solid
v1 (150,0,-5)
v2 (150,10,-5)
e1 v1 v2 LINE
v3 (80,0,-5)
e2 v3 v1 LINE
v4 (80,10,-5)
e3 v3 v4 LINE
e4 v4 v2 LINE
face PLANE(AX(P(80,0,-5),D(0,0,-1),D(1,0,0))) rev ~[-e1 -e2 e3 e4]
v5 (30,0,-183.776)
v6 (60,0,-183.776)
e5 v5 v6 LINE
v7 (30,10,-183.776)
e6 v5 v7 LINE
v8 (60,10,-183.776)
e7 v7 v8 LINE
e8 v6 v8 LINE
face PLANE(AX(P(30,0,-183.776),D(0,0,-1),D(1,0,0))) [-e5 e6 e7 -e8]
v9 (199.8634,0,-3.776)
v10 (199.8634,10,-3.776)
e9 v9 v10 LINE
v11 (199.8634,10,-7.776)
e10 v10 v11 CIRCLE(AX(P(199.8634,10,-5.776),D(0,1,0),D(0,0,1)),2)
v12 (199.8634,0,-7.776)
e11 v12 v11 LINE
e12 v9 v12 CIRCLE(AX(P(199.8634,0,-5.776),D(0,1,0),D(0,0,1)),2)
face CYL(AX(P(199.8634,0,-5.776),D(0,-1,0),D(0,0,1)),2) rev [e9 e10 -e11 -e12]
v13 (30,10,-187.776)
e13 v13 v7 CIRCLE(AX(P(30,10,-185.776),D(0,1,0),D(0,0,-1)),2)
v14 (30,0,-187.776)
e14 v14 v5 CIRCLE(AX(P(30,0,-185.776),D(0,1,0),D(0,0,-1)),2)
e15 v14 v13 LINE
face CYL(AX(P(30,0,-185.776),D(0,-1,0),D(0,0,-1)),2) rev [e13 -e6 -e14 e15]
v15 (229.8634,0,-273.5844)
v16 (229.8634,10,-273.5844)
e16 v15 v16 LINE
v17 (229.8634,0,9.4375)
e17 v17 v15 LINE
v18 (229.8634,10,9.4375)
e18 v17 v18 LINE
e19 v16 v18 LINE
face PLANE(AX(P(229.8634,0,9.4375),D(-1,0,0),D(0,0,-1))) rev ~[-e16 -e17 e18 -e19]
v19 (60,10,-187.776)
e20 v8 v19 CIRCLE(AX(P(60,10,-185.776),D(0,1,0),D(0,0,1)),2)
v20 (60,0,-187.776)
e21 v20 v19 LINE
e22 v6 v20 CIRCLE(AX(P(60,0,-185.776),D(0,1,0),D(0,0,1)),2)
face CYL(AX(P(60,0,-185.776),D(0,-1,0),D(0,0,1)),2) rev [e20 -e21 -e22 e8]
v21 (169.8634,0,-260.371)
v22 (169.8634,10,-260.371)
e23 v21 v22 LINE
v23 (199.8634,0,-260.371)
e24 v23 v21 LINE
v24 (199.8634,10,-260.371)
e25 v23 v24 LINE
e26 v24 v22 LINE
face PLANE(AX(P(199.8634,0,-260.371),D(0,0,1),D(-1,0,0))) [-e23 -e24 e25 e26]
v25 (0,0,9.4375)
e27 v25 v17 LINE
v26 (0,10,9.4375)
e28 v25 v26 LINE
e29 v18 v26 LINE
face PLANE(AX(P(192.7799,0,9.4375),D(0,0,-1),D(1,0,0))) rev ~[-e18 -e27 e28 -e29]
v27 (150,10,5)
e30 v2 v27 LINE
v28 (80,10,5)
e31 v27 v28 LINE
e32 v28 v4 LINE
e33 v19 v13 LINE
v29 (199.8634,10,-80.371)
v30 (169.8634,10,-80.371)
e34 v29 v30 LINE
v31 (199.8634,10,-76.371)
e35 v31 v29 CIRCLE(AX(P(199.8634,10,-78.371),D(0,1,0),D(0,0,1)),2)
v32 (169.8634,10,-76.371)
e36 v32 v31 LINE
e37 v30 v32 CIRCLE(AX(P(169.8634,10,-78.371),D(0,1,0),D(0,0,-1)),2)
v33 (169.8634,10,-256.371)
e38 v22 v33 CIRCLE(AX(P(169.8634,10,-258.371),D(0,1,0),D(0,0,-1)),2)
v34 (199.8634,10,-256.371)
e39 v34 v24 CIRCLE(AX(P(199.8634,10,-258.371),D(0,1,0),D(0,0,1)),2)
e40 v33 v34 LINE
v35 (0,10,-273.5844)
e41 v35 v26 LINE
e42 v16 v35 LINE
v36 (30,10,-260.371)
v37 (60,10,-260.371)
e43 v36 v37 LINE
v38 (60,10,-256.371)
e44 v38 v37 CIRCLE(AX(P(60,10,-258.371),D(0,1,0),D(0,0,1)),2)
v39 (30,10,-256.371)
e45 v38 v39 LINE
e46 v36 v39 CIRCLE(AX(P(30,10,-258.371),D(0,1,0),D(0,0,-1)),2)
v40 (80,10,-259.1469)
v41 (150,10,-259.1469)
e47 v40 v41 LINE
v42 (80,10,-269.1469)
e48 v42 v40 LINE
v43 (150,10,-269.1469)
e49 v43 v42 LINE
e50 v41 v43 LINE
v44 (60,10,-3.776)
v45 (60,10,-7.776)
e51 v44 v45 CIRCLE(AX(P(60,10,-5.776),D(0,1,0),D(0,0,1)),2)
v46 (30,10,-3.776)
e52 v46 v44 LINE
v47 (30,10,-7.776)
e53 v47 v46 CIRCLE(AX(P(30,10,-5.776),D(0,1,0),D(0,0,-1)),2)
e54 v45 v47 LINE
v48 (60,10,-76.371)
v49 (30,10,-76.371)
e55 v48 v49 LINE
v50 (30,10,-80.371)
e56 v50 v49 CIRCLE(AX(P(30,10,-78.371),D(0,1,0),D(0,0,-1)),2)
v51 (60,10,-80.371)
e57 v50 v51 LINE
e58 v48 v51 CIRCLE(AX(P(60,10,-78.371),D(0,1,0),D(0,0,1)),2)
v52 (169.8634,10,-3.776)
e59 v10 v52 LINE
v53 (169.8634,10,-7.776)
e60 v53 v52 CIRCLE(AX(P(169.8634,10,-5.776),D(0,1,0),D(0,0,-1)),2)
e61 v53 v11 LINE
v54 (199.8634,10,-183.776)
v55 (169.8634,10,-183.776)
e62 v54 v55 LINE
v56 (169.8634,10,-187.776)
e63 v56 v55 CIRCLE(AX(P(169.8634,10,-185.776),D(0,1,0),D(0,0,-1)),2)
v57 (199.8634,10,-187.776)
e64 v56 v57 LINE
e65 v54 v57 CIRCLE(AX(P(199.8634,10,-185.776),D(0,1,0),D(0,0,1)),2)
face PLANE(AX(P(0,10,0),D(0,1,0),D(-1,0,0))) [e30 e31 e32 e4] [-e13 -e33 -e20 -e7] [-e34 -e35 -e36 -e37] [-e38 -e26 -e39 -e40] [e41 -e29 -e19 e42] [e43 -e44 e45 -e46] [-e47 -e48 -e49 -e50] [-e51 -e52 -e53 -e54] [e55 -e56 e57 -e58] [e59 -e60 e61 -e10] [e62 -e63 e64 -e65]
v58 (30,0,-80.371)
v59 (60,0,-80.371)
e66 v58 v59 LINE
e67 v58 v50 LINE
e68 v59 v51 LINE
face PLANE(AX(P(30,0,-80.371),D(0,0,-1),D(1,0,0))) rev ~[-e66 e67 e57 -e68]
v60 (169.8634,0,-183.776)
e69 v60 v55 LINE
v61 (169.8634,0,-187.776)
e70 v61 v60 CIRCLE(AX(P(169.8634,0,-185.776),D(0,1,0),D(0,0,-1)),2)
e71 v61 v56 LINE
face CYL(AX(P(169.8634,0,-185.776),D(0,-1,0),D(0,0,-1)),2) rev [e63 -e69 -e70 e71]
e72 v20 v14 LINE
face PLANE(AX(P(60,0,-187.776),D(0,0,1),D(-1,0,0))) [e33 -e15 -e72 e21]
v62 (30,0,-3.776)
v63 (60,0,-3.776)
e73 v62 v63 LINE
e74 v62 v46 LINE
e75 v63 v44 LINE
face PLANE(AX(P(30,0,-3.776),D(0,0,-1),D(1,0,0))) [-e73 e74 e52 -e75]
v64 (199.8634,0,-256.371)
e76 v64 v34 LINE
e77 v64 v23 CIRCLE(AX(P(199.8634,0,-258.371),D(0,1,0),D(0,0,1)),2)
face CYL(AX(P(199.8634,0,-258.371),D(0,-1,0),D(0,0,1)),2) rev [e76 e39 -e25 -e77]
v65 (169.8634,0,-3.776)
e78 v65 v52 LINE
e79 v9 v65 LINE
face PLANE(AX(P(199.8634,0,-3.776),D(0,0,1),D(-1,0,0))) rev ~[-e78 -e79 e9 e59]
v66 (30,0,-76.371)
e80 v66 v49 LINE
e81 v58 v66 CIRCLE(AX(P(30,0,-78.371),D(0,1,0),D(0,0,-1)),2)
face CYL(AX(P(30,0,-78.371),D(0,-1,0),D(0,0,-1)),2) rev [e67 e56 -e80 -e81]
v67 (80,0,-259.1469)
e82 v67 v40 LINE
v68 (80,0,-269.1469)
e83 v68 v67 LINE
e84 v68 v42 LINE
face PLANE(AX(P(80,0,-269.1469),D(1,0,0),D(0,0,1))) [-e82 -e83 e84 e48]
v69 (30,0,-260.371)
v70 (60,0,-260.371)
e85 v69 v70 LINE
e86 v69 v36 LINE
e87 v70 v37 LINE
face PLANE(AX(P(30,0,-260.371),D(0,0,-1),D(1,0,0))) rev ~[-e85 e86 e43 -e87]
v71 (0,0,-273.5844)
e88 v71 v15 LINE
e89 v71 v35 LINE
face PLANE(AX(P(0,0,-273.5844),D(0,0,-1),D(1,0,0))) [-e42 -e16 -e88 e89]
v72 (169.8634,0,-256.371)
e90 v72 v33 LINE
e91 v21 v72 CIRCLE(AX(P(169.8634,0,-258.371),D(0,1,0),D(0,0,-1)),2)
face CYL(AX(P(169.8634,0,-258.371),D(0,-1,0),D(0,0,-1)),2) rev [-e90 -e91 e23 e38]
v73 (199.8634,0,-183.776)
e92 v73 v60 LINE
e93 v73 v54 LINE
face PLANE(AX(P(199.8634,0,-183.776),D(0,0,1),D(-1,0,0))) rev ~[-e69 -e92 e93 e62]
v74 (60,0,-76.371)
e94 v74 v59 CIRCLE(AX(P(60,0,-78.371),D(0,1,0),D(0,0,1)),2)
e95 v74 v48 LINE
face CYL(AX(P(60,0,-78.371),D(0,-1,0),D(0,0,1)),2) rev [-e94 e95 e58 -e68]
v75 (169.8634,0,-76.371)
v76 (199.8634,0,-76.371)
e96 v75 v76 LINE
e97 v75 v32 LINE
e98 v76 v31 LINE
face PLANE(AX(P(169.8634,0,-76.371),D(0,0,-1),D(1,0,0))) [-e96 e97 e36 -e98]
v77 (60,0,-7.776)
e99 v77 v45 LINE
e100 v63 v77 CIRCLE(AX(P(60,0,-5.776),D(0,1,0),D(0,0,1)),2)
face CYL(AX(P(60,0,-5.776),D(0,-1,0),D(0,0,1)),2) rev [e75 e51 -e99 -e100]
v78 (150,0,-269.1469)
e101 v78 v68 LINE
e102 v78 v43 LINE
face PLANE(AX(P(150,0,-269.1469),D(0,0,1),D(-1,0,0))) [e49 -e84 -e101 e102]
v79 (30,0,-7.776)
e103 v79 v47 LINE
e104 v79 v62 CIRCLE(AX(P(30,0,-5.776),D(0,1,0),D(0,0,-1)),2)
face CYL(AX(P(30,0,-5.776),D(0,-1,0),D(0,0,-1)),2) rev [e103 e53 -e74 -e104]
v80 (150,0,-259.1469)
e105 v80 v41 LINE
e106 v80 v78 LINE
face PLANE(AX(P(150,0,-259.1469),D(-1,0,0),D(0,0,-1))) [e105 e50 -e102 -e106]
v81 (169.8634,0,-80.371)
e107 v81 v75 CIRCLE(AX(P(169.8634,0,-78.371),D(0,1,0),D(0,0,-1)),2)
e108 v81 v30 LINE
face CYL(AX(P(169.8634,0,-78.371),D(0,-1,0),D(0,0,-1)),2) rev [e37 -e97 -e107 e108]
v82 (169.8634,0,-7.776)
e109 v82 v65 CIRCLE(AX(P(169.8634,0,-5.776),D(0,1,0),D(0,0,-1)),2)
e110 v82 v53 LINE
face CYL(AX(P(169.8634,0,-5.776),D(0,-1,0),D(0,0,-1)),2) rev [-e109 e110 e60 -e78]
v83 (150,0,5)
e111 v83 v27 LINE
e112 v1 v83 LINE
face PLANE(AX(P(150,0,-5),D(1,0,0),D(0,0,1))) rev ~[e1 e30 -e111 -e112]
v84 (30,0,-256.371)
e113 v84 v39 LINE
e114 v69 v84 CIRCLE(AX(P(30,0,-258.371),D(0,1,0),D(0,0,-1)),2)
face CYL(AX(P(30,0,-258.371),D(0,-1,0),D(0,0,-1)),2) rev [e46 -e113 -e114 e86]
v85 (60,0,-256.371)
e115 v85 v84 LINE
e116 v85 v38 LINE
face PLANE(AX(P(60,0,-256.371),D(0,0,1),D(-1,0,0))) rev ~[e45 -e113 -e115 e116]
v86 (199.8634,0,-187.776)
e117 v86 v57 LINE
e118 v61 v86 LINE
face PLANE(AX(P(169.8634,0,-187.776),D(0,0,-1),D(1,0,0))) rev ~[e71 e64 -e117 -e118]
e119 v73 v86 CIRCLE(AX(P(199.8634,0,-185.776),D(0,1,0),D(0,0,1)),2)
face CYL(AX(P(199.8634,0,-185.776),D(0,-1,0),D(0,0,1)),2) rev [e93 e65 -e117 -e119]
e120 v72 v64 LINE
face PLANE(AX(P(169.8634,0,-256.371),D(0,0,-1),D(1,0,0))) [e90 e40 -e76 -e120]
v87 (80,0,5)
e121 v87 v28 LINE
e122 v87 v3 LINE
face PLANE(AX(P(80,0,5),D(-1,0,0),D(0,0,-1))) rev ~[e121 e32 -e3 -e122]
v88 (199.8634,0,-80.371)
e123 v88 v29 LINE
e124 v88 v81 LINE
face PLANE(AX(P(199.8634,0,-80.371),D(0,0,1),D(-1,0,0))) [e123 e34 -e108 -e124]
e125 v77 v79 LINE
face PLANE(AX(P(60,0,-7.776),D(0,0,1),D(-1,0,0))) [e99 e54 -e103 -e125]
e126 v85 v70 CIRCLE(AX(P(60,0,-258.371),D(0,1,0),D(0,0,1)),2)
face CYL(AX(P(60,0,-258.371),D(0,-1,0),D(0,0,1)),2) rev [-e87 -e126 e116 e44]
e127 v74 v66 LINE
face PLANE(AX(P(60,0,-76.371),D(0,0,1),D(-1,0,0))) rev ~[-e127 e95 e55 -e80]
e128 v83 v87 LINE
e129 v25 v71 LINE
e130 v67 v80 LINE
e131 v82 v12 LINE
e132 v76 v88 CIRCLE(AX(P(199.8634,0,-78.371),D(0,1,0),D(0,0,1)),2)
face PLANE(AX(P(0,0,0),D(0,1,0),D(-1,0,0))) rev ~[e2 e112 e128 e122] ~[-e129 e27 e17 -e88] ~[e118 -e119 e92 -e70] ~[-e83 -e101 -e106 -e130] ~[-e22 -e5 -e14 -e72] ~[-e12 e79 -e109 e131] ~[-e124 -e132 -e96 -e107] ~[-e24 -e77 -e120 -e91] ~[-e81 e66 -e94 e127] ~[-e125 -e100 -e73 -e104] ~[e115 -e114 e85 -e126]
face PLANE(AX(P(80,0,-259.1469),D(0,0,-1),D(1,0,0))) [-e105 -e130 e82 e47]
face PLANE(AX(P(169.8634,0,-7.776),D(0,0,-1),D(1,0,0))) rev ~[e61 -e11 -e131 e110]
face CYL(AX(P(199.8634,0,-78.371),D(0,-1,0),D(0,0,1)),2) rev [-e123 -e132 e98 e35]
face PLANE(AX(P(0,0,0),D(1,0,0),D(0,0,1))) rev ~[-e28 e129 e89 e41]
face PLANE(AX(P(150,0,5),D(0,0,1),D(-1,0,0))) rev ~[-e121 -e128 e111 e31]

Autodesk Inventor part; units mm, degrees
ref_plane "YZ Plane" through (0, 0, 0) normal (1, 0, 0) x (0, 1, 0)
ref_plane "XZ Plane" through (0, 0, 0) normal (0, 1, 0) x (-1, 0, 0)
ref_plane "XY Plane" through (0, 0, 0) normal (0, 0, 1) x (1, 0, 0)
sketch "Sketch1" plane through (0, 0, 0) normal (0, 1, 0) x (-1, 0, 0)
  line L0 (-229.8634, 7.9265) -> (-229.8634, -272.0735)
  line L1 (0, -264.1469) -> (0, 0)
  line L2 (-114.9317, 7.8456) -> (-114.9317, -271.9925) construction
  line L3 (-229.8634, -132.0735) -> (0, -132.0735) construction
  line L4 (0, -222.0735) -> (-229.8634, -222.0735) construction
  line L5 (0.0192, -20.1711) -> (0, -20.138) construction
  line L6 (0.9366, -42.0735) -> (-229.8634, -42.0735) construction
  line L7 (-39.8418, -42.0735) -> (-39.8418, -2.1597) construction
  line L8 (-39.8418, -5.776) -> (-30, -5.776)
  line L9 (-39.8418, -5.776) -> (-60, -5.776)
  line L10 (-30, -5.776) -> (-60, -5.776) construction
  line L11 (-30, -3.776) -> (-60, -3.776)
  line L12 (-60, -7.776) -> (-30, -7.776)
  arc A0 (-30, -7.776) -> (-30, -3.776) centre (-30, -5.776) ccw
  arc A1 (-60, -3.776) -> (-60, -7.776) centre (-60, -5.776) ccw
  line L13 (-39.8418, -78.371) -> (-30, -78.371)
  line L14 (-39.8418, -78.371) -> (-60, -78.371)
  line L15 (-30, -78.371) -> (-60, -78.371) construction
  line L16 (-30, -80.371) -> (-60, -80.371)
  line L17 (-60, -76.371) -> (-30, -76.371)
  arc A2 (-30, -80.371) -> (-30, -76.371) centre (-30, -78.371) ccw
  arc A3 (-60, -76.371) -> (-60, -80.371) centre (-60, -78.371) ccw
  line L18 (-231.5784, -23.0949) -> (-148.4647, -23.0949) construction
  line L19 (-148.4647, -23.0949) -> (-148.4647, -61.0949) construction
  line L20 (-148.4647, -61.0949) -> (-231.5784, -61.0949) construction
  line L21 (-190.0216, -5.776) -> (-199.8634, -5.776)
  line L22 (-190.0216, -5.776) -> (-169.8634, -5.776)
  line L23 (-199.8634, -5.776) -> (-169.8634, -5.776) construction
  line L24 (-199.8634, -3.776) -> (-169.8634, -3.776)
  line L25 (-169.8634, -7.776) -> (-199.8634, -7.776)
  arc A4 (-199.8634, -3.776) -> (-199.8634, -7.776) centre (-199.8634, -5.776) ccw
  arc A5 (-169.8634, -7.776) -> (-169.8634, -3.776) centre (-169.8634, -5.776) ccw
  arc A6 (-169.8634, -80.371) -> (-169.8634, -76.371) centre (-169.8634, -78.371) ccw
  line L26 (-190.0216, -78.371) -> (-169.8634, -78.371)
  line L27 (-169.8634, -76.371) -> (-199.8634, -76.371)
  line L28 (-190.0216, -78.371) -> (-199.8634, -78.371)
  line L29 (-199.8634, -78.371) -> (-169.8634, -78.371) construction
  line L30 (-199.8634, -80.371) -> (-169.8634, -80.371)
  arc A7 (-199.8634, -76.371) -> (-199.8634, -80.371) centre (-199.8634, -78.371) ccw
  line L31 (-114.9317, -271.9925) -> (-114.9317, 7.8456) construction
  line L32 (0, -222.0735) -> (-229.8634, -222.0735) construction
  line L33 (-15.354, -241.052) -> (-98.4678, -241.052) construction
  line L34 (-98.4678, -241.052) -> (-98.4678, -203.052) construction
  line L35 (-98.4678, -203.052) -> (-15.354, -203.052) construction
  line L36 (-39.8418, -222.0735) -> (-39.8418, -261.9872) construction
  line L37 (-39.8418, -258.371) -> (-30, -258.371)
  line L38 (-39.8418, -258.371) -> (-60, -258.371)
  line L39 (-30, -258.371) -> (-60, -258.371) construction
  line L40 (-30, -260.371) -> (-60, -260.371)
  line L41 (-60, -256.371) -> (-30, -256.371)
  arc A8 (-30, -260.371) -> (-30, -256.371) centre (-30, -258.371) ccw
  arc A9 (-60, -256.371) -> (-60, -260.371) centre (-60, -258.371) ccw
  arc A10 (-60, -183.776) -> (-60, -187.776) centre (-60, -185.776) ccw
  line L42 (-39.8418, -185.776) -> (-60, -185.776)
  line L43 (-60, -187.776) -> (-30, -187.776)
  line L44 (-39.8418, -185.776) -> (-30, -185.776)
  line L45 (-30, -185.776) -> (-60, -185.776) construction
  line L46 (-30, -183.776) -> (-60, -183.776)
  arc A11 (-30, -187.776) -> (-30, -183.776) centre (-30, -185.776) ccw
  line L47 (-148.4647, -241.052) -> (-148.4647, -203.052) construction
  line L48 (-169.8634, -256.371) -> (-199.8634, -256.371)
  line L49 (-190.0216, -258.371) -> (-199.8634, -258.371)
  line L50 (-190.0216, -258.371) -> (-169.8634, -258.371)
  arc A12 (-199.8634, -256.371) -> (-199.8634, -260.371) centre (-199.8634, -258.371) ccw
  line L51 (-199.8634, -260.371) -> (-169.8634, -260.371)
  arc A13 (-169.8634, -260.371) -> (-169.8634, -256.371) centre (-169.8634, -258.371) ccw
  line L52 (-199.8634, -258.371) -> (-169.8634, -258.371) construction
  line L53 (-169.8634, -187.776) -> (-199.8634, -187.776)
  line L54 (-190.0216, -185.776) -> (-199.8634, -185.776)
  arc A14 (-199.8634, -183.776) -> (-199.8634, -187.776) centre (-199.8634, -185.776) ccw
  line L55 (-199.8634, -185.776) -> (-169.8634, -185.776) construction
  line L56 (-199.8634, -183.776) -> (-169.8634, -183.776)
  line L57 (-190.0216, -185.776) -> (-169.8634, -185.776)
  arc A15 (-169.8634, -187.776) -> (-169.8634, -183.776) centre (-169.8634, -185.776) ccw
  line L58 (-148.4647, -203.052) -> (-231.5784, -203.052) construction
  line L59 (-231.5784, -241.052) -> (-148.4647, -241.052) construction
  line L60 (-192.7799, 9.4375) -> (-30.2751, 9.4375)
  line L61 (-192.7799, -273.5844) -> (-30.2751, -273.5844)
  line L62 (-80, -5) -> (-150, -5)
  line L63 (-150, -5) -> (-150, 5)
  line L64 (-150, 5) -> (-80, 5)
  line L65 (-80, 5) -> (-80, -5)
  line L66 (-80, -259.1469) -> (-150, -259.1469)
  line L67 (-150, -259.1469) -> (-150, -269.1469)
  line L68 (-150, -269.1469) -> (-80, -269.1469)
  line L69 (-80, -269.1469) -> (-80, -259.1469)
  line L70 (0, 0) -> (0, 9.4375)
  line L71 (0, 9.4375) -> (-30.2751, 9.4375)
  line L72 (-192.7799, 9.4375) -> (-229.8634, 9.4375)
  line L73 (-229.8634, 9.4375) -> (-229.8634, 7.9265)
  line L74 (0, -264.1469) -> (0, -273.5844)
  line L75 (0, -273.5844) -> (-30.2751, -273.5844)
  line L76 (-192.7799, -273.5844) -> (-229.8634, -273.5844)
  line L77 (-229.8634, -273.5844) -> (-229.8634, -272.0735)
  point P0 (-39.8418, -23.0949)
  point P1 (-45, -5.776)
  point P2 (-45, -78.371)
  point P3 (-190.0216, -42.0735)
  point P4 (-190.0216, -23.0949)
  point P5 (-184.8634, -5.776)
  point P6 (-184.8634, -78.371)
  point P7 (-39.8418, -241.052)
  point P8 (-45, -258.371)
  point P9 (-45, -185.776)
  point P10 (-190.0216, -222.0735)
  point P11 (-190.0216, -241.052)
  point P12 (-184.8634, -185.776)
  point P13 (-184.8634, -258.371)
  point P14 (-114.9317, 2.9056)
  point P15 (-45, -78.371)
  point P16 (-45, -185.776)
  point P17 (-114.9317, -267.0525)
  point P18 (-184.8634, -185.776)
  point P19 (-45, -258.371)
  point P20 (-229.8634, -272.8289)
  dimension "d25" = 4
  dimension "d34" = 30
  dimension "d36" = 280
  dimension "d47" = 45
  dimension "d49" = 45
  dimension "d50" = 45
  dimension "d51" = 229.8634
extrude "Extrusion1" add sketch "Sketch1" along normal blind 10 contours L73 L72 L60 L71 L70 L1 L74 L75 L61 L76 L77 L0 | A0 L12 A1 L11 | L16 A3 L17 A2 | L24 A5 L25 A4 | L30 A7 L27 A6 | L40 A9 L41 A8 | L46 A11 L43 A10 | A13 L51 A12 L48 | L53 A14 L56 A15 | L62 L63 L64 L65 | L69 L68 L67 L66
extrude "Extrusion2" cut sketch "Sketch1" along normal through all contours A0 L12 A1 L11 | L16 A3 L17 A2 | L24 A5 L25 A4 | L30 A7 L27 A6 | L40 A9 L41 A8 | L46 A11 L43 A10 | A13 L51 A12 L48 | L53 A14 L56 A15
extrude "Extrusion4" add sketch "Sketch1" along normal blind 10 contours L73 L72 L60 L71 L70 L1 L74 L75 L61 L76 L77 L0 | A0 L12 A1 L11 | L16 A3 L17 A2 | L24 A5 L25 A4 | L30 A7 L27 A6 | L40 A9 L41 A8 | L46 A11 L43 A10 | A13 L51 A12 L48 | L53 A14 L56 A15 | L62 L63 L64 L65 | L69 L68 L67 L66
extrude "Extrusion5" cut sketch "Sketch1" along normal blind 10 contours L62 L63 L64 L65 | L69 L68 L67 L66
extrude "Extrusion6" cut sketch "Sketch1" along normal blind 10 contours L24 A5 L25 A4
extrude "Extrusion7" cut sketch "Sketch1" along normal blind 10 contours A0 L12 A1 L11 | L16 A3 L17 A2 | L30 A7 L27 A6 | L40 A9 L41 A8 | L46 A11 L43 A10 | A13 L51 A12 L48 | L53 A14 L56 A15
properties part number "floor" material "Brass, Soft Yellow"
